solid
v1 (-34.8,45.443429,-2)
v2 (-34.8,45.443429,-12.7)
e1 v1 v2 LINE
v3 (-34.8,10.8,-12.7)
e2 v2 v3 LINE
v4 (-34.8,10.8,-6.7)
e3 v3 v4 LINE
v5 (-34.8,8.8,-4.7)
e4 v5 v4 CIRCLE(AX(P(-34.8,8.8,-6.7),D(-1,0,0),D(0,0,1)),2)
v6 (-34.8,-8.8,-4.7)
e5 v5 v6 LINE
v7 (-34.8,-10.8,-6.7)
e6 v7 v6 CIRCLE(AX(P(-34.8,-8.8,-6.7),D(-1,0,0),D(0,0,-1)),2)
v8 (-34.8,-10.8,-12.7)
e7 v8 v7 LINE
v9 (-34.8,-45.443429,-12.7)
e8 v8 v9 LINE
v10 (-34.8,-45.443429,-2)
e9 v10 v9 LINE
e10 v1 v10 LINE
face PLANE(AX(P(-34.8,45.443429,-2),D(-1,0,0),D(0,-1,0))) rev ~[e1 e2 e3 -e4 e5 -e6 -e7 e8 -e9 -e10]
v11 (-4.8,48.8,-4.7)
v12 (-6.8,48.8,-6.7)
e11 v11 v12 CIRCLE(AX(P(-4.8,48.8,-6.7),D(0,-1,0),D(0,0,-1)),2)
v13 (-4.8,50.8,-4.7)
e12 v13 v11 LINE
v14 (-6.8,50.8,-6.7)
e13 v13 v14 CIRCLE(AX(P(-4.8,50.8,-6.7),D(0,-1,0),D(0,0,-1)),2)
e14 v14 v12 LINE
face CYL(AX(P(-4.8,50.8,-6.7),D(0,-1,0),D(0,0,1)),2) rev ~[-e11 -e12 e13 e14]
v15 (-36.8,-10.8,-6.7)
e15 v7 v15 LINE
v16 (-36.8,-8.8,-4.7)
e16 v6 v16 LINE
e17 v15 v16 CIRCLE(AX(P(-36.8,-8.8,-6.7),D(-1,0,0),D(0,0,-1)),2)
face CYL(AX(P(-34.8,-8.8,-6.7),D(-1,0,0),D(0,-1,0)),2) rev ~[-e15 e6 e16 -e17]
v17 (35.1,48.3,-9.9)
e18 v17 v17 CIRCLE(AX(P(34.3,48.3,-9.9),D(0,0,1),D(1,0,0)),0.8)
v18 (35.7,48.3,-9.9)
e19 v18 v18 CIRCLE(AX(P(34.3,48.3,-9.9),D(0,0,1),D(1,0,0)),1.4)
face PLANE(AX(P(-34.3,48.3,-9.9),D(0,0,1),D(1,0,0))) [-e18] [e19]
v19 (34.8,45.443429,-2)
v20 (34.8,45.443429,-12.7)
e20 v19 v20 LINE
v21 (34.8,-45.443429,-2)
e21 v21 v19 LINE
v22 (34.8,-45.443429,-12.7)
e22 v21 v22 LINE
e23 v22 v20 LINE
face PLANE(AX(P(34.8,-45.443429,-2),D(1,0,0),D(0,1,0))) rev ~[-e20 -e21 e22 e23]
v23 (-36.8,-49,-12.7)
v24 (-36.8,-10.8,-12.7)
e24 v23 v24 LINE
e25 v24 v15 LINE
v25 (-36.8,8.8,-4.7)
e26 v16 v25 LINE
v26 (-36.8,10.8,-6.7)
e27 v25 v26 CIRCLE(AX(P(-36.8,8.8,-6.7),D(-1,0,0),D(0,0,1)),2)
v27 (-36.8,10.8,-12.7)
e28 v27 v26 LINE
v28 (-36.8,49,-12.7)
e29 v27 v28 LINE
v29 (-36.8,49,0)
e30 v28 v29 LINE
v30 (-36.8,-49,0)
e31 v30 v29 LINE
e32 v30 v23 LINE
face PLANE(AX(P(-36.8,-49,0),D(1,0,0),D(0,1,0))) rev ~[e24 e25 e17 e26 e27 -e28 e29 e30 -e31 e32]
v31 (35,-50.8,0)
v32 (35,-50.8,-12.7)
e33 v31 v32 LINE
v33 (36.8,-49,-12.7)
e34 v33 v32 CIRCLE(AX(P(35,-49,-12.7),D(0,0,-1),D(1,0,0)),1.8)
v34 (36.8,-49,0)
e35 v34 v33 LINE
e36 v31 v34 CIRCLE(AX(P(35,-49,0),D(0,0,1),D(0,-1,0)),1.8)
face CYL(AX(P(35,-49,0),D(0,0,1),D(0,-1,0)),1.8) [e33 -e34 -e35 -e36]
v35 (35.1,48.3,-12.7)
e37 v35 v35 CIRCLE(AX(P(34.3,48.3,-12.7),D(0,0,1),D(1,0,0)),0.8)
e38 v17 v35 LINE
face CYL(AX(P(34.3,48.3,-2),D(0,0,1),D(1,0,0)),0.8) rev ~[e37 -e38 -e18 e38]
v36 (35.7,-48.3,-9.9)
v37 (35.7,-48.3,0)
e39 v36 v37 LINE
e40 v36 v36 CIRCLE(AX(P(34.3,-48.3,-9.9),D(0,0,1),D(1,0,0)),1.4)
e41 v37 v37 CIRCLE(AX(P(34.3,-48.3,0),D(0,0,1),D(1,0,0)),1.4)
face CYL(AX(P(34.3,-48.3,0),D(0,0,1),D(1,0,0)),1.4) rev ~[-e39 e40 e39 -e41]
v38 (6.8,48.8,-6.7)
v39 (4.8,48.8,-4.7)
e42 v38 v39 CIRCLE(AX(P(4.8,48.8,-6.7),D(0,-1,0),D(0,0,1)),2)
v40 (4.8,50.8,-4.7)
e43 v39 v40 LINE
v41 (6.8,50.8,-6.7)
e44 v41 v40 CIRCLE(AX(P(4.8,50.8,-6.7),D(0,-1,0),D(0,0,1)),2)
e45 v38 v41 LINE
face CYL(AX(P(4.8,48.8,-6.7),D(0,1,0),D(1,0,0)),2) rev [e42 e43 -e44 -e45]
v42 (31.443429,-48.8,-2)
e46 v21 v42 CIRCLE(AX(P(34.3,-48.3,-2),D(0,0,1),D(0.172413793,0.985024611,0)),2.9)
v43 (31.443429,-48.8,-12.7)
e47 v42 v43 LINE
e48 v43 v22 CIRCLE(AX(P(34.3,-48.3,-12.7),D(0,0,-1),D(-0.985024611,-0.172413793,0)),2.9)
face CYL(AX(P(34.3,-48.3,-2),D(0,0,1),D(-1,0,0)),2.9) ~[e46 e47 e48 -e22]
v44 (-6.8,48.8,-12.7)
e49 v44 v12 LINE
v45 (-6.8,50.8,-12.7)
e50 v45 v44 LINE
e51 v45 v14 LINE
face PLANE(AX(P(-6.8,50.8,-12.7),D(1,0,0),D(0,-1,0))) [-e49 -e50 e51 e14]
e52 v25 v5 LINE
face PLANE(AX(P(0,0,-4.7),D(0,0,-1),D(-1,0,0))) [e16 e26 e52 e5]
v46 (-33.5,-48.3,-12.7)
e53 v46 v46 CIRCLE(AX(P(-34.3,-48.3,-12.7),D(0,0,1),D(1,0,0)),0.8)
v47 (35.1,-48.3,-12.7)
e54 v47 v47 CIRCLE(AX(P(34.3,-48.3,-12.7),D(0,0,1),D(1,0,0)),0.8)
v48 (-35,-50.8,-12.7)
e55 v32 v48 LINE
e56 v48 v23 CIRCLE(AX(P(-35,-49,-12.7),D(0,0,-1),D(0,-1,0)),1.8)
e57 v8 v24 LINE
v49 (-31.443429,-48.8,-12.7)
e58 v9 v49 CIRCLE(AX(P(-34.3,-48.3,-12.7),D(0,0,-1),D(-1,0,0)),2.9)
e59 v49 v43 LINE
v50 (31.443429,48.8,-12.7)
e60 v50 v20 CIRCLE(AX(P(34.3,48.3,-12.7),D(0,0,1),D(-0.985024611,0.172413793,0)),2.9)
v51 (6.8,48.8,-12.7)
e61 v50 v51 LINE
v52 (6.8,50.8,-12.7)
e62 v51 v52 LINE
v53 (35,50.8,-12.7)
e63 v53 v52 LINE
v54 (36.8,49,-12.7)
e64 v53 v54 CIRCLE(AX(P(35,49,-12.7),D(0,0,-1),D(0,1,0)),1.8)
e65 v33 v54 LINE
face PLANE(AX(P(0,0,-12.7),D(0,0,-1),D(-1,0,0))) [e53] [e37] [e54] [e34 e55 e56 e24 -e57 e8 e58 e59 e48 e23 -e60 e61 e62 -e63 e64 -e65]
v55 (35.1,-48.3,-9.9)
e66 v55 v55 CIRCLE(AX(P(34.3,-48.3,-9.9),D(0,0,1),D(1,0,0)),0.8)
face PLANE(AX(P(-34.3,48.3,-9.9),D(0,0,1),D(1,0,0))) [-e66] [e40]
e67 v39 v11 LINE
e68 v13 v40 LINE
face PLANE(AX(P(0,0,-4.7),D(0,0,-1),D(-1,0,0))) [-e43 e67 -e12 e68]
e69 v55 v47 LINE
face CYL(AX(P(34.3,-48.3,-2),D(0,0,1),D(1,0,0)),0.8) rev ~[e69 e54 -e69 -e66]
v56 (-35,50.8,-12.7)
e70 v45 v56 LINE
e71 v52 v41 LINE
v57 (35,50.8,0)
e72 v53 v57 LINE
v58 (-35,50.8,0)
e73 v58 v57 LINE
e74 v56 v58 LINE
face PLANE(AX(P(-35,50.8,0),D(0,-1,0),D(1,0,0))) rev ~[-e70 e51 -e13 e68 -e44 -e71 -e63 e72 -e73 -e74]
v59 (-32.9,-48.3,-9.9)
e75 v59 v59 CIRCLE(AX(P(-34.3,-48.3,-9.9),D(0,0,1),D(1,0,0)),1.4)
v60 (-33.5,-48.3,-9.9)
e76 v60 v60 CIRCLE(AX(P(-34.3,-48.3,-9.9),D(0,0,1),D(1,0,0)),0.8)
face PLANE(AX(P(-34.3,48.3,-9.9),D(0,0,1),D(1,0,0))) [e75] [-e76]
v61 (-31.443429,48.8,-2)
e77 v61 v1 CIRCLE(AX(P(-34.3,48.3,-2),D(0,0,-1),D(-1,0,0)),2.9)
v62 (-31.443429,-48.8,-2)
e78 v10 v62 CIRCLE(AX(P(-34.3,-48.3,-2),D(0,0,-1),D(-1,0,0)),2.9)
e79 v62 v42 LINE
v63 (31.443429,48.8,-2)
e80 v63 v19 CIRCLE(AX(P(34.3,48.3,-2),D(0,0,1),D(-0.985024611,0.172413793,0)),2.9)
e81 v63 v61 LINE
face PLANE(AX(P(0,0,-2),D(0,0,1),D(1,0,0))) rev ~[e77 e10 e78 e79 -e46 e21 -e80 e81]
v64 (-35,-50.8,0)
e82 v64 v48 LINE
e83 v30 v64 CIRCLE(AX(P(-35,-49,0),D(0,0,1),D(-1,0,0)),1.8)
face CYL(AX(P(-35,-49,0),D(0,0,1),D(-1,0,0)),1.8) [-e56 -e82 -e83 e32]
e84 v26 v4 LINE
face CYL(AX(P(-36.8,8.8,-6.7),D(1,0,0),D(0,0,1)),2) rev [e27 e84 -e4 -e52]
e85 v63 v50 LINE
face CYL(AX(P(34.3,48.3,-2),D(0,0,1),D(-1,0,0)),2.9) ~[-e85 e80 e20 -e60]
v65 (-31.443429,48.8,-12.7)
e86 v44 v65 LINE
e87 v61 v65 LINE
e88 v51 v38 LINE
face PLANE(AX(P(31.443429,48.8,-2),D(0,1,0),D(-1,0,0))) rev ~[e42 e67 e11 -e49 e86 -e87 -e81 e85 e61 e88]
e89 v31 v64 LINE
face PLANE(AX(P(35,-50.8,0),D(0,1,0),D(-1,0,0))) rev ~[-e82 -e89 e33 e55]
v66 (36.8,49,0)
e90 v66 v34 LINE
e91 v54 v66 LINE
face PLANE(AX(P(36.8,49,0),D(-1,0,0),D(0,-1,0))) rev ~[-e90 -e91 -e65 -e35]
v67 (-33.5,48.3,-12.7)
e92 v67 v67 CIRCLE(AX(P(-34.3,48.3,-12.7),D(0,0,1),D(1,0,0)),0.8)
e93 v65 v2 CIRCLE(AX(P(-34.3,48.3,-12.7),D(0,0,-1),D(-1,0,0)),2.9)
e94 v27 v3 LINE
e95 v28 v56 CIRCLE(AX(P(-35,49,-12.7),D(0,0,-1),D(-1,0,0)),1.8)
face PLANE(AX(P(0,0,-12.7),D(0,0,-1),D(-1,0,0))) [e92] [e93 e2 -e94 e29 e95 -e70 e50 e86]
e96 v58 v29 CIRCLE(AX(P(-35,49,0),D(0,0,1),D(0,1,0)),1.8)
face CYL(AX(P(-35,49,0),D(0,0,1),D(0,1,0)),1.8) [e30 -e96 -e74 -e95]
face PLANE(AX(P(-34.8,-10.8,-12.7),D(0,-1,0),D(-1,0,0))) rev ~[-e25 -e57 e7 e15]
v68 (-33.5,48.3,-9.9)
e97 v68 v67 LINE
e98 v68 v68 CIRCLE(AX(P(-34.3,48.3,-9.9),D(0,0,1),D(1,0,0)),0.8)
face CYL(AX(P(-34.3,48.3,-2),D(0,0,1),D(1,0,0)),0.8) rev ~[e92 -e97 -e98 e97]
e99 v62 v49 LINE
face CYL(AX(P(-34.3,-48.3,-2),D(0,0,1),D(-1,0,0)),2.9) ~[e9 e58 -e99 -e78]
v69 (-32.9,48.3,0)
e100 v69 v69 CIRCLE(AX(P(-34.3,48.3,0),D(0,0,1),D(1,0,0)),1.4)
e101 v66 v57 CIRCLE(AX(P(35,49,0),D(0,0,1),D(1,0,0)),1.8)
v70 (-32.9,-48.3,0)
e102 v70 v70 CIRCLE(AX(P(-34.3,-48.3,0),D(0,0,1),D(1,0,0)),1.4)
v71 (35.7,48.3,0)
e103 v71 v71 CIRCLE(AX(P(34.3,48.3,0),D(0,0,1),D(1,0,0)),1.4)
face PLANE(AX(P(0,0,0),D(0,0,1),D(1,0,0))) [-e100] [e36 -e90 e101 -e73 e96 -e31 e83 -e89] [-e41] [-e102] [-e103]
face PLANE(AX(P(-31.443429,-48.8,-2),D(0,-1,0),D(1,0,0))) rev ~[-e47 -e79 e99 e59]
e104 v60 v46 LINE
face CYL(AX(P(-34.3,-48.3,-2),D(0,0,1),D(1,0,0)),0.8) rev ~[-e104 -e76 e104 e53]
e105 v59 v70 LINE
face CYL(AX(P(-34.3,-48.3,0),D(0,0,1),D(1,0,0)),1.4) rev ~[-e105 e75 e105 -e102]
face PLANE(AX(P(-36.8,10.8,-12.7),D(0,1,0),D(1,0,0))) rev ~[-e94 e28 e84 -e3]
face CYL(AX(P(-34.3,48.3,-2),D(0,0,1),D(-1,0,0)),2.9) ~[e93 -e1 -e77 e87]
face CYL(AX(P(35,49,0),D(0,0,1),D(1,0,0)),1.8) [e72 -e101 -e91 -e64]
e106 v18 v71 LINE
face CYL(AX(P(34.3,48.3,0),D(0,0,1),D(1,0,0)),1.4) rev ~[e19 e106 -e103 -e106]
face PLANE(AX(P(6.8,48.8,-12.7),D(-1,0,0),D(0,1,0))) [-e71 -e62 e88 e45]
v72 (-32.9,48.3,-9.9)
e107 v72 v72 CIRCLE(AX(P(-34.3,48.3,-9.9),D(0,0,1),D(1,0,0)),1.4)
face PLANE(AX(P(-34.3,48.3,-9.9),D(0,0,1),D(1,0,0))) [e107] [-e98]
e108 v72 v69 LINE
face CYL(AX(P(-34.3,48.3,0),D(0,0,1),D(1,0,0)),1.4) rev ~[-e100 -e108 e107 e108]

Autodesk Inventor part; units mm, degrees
ref_plane "YZ Plane" through (0, 0, 0) normal (1, 0, 0) x (0, 1, 0)
ref_plane "XZ Plane" through (0, 0, 0) normal (0, 1, 0) x (-1, 0, 0)
ref_plane "XY Plane" through (0, 0, 0) normal (0, 0, 1) x (1, 0, 0)
ref_plane "Work Plane4" through (0, 0, 0) normal (0, 0, 1) x (1, 0, 0)
sketch "Sketch1" plane through (0, 0, 0) normal (0, 0, 1) x (1, 0, 0)
  line L0 (37, 49) -> (37, -49) projected
  arc A0 (37, 49) -> (35, 51) centre (35, 49) ccw projected
  line L1 (-35, 51) -> (35, 51) projected
  line L2 (-37, -49) -> (-37, 49) projected
  arc A1 (-35, 51) -> (-37, 49) centre (-35, 49) ccw projected
  arc A2 (-37, -49) -> (-35, -51) centre (-35, -49) ccw projected
  line L3 (35, -51) -> (-35, -51) projected
  arc A3 (35, -51) -> (37, -49) centre (35, -49) ccw projected
  arc A4 (36.8, 49) -> (35, 50.8) centre (35, 49) ccw
  line L4 (36.8, 49) -> (36.8, -49)
  arc A5 (35, -50.8) -> (36.8, -49) centre (35, -49) ccw
  line L5 (35, -50.8) -> (-35, -50.8)
  arc A6 (-36.8, -49) -> (-35, -50.8) centre (-35, -49) ccw
  line L6 (-36.8, -49) -> (-36.8, 49)
  arc A7 (-35, 50.8) -> (-36.8, 49) centre (-35, 49) ccw
  line L7 (-35, 50.8) -> (35, 50.8)
  point P0 (0, 0)
  point P1 (34.3, 48.3)
  point P2 (-33, 42)
  dimension "d0" = 0.2
extrude "Extrusion1" add sketch "Sketch1" against normal blind 2 contours L4 A5 L5 A6 L6 A7 L7 A4
sketch "Sketch4" plane through (0, 0, 0) normal (0, 0, 1) x (1, 0, 0)
  line L0 (36.8, -49) -> (36.8, 49) projected
  arc A0 (36.8, 49) -> (35, 50.8) centre (35, 49) ccw projected
  line L1 (35, 50.8) -> (-35, 50.8) projected
  arc A1 (-35, 50.8) -> (-36.8, 49) centre (-35, 49) ccw projected
  line L2 (-36.8, 49) -> (-36.8, -49) projected
  arc A2 (-36.8, -49) -> (-35, -50.8) centre (-35, -49) ccw projected
  line L3 (-35, -50.8) -> (35, -50.8) projected
  arc A3 (35, -50.8) -> (36.8, -49) centre (35, -49) ccw projected
  circle A4 centre (34.3, 48.3) radius 1.4
  circle A5 centre (34.3, -48.3) radius 1.4
  circle A6 centre (-34.3, -48.3) radius 1.4
  circle A7 centre (-34.3, 48.3) radius 1.4
  point P0 (0, 0)
  dimension "d22" = 2.8
  dimension "d23" = 2.8
  dimension "d24" = 2.8
  dimension "d25" = 2.8
  dimension "d59" = 2.5
  dimension "d60" = 2.5
  dimension "d62" = 2.5
  dimension "d63" = 2.5
  dimension "d64" = 2.5
  dimension "d65" = 2.5
  dimension "d66" = 2.5
  dimension "d67" = 2.5
extrude "Extrusion3" cut sketch "Sketch4" against normal blind 10 contours A4 | A5 | A6 | A7
ref_plane "Work Plane5" through (0, 0, -2) normal (0, 0, -1) x (-1, 0, 0)
sketch "Sketch5" plane through (0, 0, -2) normal (0, 0, -1) x (-1, 0, 0)
  line L0 (-34.8, 48.8) -> (34.8, 48.8)
  line L1 (34.8, 48.8) -> (34.8, -48.8)
  line L2 (34.8, -48.8) -> (-34.8, -48.8)
  line L3 (-34.8, -48.8) -> (-34.8, 48.8)
  circle A0 centre (34.3, 48.3) radius 1.4 projected
  circle A1 centre (34.3, -48.3) radius 1.4 projected
  circle A2 centre (-34.3, -48.3) radius 1.4 projected
  circle A3 centre (-34.3, 48.3) radius 1.4 projected
  circle A4 centre (-34.3, 48.3) radius 2.9
  circle A5 centre (-34.3, -48.3) radius 2.9
  circle A6 centre (34.3, -48.3) radius 2.9
  circle A7 centre (34.3, 48.3) radius 2.9
  circle A8 centre (34.3, -48.3) radius 1.4 projected
  circle A9 centre (34.3, 48.3) radius 1.4 projected
  circle A10 centre (-34.3, -48.3) radius 1.4 projected
  circle A11 centre (-34.3, 48.3) radius 1.4 projected
  line L4 (-36.8, 49) -> (-36.8, -49) projected
  arc A12 (-36.8, -49) -> (-35, -50.8) centre (-35, -49) ccw projected
  line L5 (-35, -50.8) -> (35, -50.8) projected
  arc A13 (35, -50.8) -> (36.8, -49) centre (35, -49) ccw projected
  line L6 (36.8, -49) -> (36.8, 49) projected
  arc A14 (36.8, 49) -> (35, 50.8) centre (35, 49) ccw projected
  line L7 (35, 50.8) -> (-35, 50.8) projected
  arc A15 (-35, 50.8) -> (-36.8, 49) centre (-35, 49) ccw projected
  point P0 (0, 0)
  point P1 (-31.4434, 48.8)
  point P2 (31.4434, 48.8)
  point P3 (34.8, 45.4434)
  point P4 (34.8, -45.4434)
  point P5 (31.4434, -48.8)
  point P6 (-31.4434, -48.8)
  point P7 (-34.8, -45.4434)
  point P8 (-34.8, 45.4434)
  dimension "d68" = 1.5
  dimension "d69" = 1.5
  dimension "d70" = 1.5
  dimension "d71" = 1.5
extrude "Extrusion4" add sketch "Sketch5" along normal blind 10.7 contours L3 A3 L0 | L0 A3 L3 | A3 L3 A4 L4 A15 L7 L0 | L0 A4 L3 A3 | A4 L7 A7 L0 | L3 A5 L4 A4 | A7 L7 A14 L6 L1 A0 L0 | L0 A0 L1 A7 | A5 L2 A2 L3 | L3 A2 L2 A5 L5 A12 L4 | A0 L1 L0 | L0 L1 A0 | A7 L6 A6 L1 | A2 L2 L3 | L3 L2 A2 | A6 L6 A13 L5 L2 A1 L1 | L1 A1 L2 A6 | L2 A6 L5 A5 | A1 L2 L1 | L1 L2 A1
sketch "Sketch6" plane through (-34.3, 48.3, -2) normal (0, 0, 1) x (1, 0, 0)
  circle A0 centre (68.6, 0) radius 1.4 projected
  circle A1 centre (0, 0) radius 1.4 projected
  circle A2 centre (0, -96.6) radius 1.4 projected
  circle A3 centre (68.6, -96.6) radius 1.4 projected
  circle A4 centre (68.6, 0) radius 0.8
  circle A5 centre (0, 0) radius 0.8
  circle A6 centre (0, -96.6) radius 0.8
  circle A7 centre (68.6, -96.6) radius 0.8
  point P0 (34.3, -48.3)
  dimension "d47" = 1.6
  dimension "d48" = 1.6
  dimension "d49" = 1.6
  dimension "d50" = 1.6
extrude "Extrusion5" cut sketch "Sketch6" against normal through all contours A4 | A5 | A6 | A7
sketch "Sketch7" plane through (-34.3, 48.3, -2) normal (0, 0, 1) x (1, 0, 0)
  circle A0 centre (0, 0) radius 1.4 projected
  circle A1 centre (0, -96.6) radius 1.4 projected
  circle A2 centre (68.6, -96.6) radius 1.4 projected
  circle A3 centre (68.6, 0) radius 1.4 projected
  point P0 (34.3, -48.3)
extrude "Extrusion6" cut sketch "Sketch7" against normal blind 7.9
sketch "Sketch8" plane through (0, 0, -12.7) normal (0, 0, -1) x (-1, 0, 0)
  circle A0 centre (-34.3, -48.3) radius 0.8 projected
  circle A1 centre (-34.3, 48.3) radius 0.8 projected
  circle A2 centre (34.3, -48.3) radius 0.8 projected
  circle A3 centre (34.3, 48.3) radius 0.8 projected
  arc A4 (-36.8, -49) -> (-35, -50.8) centre (-35, -49) ccw projected
  line L0 (-35, -50.8) -> (35, -50.8) projected
  arc A5 (35, -50.8) -> (36.8, -49) centre (35, -49) ccw projected
  line L1 (36.8, -49) -> (36.8, 49) projected
  arc A6 (36.8, 49) -> (35, 50.8) centre (35, 49) ccw projected
  line L2 (35, 50.8) -> (-35, 50.8) projected
  arc A7 (-35, 50.8) -> (-36.8, 49) centre (-35, 49) ccw projected
  line L3 (-36.8, 49) -> (-36.8, -49) projected
  line L4 (-31.4434, 48.8) -> (31.4434, 48.8) projected
  arc A8 (31.4434, 48.8) -> (34.8, 45.4434) centre (34.3, 48.3) ccw projected
  line L5 (34.8, 45.4434) -> (34.8, -45.4434) projected
  arc A9 (34.8, -45.4434) -> (31.4434, -48.8) centre (34.3, -48.3) ccw projected
  line L6 (31.4434, -48.8) -> (-31.4434, -48.8) projected
  arc A10 (-31.4434, -48.8) -> (-34.8, -45.4434) centre (-34.3, -48.3) ccw projected
  line L7 (-34.8, -45.4434) -> (-34.8, 45.4434) projected
  arc A11 (-34.8, 45.4434) -> (-31.4434, 48.8) centre (-34.3, 48.3) ccw projected
  line L8 (34.8, 45.4434) -> (34.8, -45.4434) projected
  line L9 (36.8, 10.8) -> (34.8, 10.8)
  line L10 (34.8, 10.8) -> (34.8, -10.8)
  line L11 (34.8, -10.8) -> (36.8, -10.8)
  line L12 (36.8, -10.8) -> (36.8, 10.8)
  line L13 (35, 50.8) -> (-35, 50.8) projected
  line L14 (-31.4434, 48.8) -> (31.4434, 48.8) projected
  line L15 (-6.8, 50.8) -> (6.8, 50.8)
  line L16 (6.8, 50.8) -> (6.8, 48.8)
  line L17 (6.8, 48.8) -> (-6.8, 48.8)
  line L18 (-6.8, 48.8) -> (-6.8, 50.8)
  point P0 (0, 0)
  dimension "d74" = 40
  dimension "d75" = 40
  dimension "d76" = 30
  dimension "d77" = 30
extrude "Extrusion7" cut sketch "Sketch8" against normal blind 8 contours L2 L16 L4 L18 | L11 L5 L9 L1
fillet "Fillet3" radius 2 4 edges at (-35.8, -10.8, -4.7) (-35.8, 10.8, -4.7) (-6.8, 49.8, -4.7) (6.8, 49.8, -4.7)
properties part number "Bottom_lid_3DPrint"
